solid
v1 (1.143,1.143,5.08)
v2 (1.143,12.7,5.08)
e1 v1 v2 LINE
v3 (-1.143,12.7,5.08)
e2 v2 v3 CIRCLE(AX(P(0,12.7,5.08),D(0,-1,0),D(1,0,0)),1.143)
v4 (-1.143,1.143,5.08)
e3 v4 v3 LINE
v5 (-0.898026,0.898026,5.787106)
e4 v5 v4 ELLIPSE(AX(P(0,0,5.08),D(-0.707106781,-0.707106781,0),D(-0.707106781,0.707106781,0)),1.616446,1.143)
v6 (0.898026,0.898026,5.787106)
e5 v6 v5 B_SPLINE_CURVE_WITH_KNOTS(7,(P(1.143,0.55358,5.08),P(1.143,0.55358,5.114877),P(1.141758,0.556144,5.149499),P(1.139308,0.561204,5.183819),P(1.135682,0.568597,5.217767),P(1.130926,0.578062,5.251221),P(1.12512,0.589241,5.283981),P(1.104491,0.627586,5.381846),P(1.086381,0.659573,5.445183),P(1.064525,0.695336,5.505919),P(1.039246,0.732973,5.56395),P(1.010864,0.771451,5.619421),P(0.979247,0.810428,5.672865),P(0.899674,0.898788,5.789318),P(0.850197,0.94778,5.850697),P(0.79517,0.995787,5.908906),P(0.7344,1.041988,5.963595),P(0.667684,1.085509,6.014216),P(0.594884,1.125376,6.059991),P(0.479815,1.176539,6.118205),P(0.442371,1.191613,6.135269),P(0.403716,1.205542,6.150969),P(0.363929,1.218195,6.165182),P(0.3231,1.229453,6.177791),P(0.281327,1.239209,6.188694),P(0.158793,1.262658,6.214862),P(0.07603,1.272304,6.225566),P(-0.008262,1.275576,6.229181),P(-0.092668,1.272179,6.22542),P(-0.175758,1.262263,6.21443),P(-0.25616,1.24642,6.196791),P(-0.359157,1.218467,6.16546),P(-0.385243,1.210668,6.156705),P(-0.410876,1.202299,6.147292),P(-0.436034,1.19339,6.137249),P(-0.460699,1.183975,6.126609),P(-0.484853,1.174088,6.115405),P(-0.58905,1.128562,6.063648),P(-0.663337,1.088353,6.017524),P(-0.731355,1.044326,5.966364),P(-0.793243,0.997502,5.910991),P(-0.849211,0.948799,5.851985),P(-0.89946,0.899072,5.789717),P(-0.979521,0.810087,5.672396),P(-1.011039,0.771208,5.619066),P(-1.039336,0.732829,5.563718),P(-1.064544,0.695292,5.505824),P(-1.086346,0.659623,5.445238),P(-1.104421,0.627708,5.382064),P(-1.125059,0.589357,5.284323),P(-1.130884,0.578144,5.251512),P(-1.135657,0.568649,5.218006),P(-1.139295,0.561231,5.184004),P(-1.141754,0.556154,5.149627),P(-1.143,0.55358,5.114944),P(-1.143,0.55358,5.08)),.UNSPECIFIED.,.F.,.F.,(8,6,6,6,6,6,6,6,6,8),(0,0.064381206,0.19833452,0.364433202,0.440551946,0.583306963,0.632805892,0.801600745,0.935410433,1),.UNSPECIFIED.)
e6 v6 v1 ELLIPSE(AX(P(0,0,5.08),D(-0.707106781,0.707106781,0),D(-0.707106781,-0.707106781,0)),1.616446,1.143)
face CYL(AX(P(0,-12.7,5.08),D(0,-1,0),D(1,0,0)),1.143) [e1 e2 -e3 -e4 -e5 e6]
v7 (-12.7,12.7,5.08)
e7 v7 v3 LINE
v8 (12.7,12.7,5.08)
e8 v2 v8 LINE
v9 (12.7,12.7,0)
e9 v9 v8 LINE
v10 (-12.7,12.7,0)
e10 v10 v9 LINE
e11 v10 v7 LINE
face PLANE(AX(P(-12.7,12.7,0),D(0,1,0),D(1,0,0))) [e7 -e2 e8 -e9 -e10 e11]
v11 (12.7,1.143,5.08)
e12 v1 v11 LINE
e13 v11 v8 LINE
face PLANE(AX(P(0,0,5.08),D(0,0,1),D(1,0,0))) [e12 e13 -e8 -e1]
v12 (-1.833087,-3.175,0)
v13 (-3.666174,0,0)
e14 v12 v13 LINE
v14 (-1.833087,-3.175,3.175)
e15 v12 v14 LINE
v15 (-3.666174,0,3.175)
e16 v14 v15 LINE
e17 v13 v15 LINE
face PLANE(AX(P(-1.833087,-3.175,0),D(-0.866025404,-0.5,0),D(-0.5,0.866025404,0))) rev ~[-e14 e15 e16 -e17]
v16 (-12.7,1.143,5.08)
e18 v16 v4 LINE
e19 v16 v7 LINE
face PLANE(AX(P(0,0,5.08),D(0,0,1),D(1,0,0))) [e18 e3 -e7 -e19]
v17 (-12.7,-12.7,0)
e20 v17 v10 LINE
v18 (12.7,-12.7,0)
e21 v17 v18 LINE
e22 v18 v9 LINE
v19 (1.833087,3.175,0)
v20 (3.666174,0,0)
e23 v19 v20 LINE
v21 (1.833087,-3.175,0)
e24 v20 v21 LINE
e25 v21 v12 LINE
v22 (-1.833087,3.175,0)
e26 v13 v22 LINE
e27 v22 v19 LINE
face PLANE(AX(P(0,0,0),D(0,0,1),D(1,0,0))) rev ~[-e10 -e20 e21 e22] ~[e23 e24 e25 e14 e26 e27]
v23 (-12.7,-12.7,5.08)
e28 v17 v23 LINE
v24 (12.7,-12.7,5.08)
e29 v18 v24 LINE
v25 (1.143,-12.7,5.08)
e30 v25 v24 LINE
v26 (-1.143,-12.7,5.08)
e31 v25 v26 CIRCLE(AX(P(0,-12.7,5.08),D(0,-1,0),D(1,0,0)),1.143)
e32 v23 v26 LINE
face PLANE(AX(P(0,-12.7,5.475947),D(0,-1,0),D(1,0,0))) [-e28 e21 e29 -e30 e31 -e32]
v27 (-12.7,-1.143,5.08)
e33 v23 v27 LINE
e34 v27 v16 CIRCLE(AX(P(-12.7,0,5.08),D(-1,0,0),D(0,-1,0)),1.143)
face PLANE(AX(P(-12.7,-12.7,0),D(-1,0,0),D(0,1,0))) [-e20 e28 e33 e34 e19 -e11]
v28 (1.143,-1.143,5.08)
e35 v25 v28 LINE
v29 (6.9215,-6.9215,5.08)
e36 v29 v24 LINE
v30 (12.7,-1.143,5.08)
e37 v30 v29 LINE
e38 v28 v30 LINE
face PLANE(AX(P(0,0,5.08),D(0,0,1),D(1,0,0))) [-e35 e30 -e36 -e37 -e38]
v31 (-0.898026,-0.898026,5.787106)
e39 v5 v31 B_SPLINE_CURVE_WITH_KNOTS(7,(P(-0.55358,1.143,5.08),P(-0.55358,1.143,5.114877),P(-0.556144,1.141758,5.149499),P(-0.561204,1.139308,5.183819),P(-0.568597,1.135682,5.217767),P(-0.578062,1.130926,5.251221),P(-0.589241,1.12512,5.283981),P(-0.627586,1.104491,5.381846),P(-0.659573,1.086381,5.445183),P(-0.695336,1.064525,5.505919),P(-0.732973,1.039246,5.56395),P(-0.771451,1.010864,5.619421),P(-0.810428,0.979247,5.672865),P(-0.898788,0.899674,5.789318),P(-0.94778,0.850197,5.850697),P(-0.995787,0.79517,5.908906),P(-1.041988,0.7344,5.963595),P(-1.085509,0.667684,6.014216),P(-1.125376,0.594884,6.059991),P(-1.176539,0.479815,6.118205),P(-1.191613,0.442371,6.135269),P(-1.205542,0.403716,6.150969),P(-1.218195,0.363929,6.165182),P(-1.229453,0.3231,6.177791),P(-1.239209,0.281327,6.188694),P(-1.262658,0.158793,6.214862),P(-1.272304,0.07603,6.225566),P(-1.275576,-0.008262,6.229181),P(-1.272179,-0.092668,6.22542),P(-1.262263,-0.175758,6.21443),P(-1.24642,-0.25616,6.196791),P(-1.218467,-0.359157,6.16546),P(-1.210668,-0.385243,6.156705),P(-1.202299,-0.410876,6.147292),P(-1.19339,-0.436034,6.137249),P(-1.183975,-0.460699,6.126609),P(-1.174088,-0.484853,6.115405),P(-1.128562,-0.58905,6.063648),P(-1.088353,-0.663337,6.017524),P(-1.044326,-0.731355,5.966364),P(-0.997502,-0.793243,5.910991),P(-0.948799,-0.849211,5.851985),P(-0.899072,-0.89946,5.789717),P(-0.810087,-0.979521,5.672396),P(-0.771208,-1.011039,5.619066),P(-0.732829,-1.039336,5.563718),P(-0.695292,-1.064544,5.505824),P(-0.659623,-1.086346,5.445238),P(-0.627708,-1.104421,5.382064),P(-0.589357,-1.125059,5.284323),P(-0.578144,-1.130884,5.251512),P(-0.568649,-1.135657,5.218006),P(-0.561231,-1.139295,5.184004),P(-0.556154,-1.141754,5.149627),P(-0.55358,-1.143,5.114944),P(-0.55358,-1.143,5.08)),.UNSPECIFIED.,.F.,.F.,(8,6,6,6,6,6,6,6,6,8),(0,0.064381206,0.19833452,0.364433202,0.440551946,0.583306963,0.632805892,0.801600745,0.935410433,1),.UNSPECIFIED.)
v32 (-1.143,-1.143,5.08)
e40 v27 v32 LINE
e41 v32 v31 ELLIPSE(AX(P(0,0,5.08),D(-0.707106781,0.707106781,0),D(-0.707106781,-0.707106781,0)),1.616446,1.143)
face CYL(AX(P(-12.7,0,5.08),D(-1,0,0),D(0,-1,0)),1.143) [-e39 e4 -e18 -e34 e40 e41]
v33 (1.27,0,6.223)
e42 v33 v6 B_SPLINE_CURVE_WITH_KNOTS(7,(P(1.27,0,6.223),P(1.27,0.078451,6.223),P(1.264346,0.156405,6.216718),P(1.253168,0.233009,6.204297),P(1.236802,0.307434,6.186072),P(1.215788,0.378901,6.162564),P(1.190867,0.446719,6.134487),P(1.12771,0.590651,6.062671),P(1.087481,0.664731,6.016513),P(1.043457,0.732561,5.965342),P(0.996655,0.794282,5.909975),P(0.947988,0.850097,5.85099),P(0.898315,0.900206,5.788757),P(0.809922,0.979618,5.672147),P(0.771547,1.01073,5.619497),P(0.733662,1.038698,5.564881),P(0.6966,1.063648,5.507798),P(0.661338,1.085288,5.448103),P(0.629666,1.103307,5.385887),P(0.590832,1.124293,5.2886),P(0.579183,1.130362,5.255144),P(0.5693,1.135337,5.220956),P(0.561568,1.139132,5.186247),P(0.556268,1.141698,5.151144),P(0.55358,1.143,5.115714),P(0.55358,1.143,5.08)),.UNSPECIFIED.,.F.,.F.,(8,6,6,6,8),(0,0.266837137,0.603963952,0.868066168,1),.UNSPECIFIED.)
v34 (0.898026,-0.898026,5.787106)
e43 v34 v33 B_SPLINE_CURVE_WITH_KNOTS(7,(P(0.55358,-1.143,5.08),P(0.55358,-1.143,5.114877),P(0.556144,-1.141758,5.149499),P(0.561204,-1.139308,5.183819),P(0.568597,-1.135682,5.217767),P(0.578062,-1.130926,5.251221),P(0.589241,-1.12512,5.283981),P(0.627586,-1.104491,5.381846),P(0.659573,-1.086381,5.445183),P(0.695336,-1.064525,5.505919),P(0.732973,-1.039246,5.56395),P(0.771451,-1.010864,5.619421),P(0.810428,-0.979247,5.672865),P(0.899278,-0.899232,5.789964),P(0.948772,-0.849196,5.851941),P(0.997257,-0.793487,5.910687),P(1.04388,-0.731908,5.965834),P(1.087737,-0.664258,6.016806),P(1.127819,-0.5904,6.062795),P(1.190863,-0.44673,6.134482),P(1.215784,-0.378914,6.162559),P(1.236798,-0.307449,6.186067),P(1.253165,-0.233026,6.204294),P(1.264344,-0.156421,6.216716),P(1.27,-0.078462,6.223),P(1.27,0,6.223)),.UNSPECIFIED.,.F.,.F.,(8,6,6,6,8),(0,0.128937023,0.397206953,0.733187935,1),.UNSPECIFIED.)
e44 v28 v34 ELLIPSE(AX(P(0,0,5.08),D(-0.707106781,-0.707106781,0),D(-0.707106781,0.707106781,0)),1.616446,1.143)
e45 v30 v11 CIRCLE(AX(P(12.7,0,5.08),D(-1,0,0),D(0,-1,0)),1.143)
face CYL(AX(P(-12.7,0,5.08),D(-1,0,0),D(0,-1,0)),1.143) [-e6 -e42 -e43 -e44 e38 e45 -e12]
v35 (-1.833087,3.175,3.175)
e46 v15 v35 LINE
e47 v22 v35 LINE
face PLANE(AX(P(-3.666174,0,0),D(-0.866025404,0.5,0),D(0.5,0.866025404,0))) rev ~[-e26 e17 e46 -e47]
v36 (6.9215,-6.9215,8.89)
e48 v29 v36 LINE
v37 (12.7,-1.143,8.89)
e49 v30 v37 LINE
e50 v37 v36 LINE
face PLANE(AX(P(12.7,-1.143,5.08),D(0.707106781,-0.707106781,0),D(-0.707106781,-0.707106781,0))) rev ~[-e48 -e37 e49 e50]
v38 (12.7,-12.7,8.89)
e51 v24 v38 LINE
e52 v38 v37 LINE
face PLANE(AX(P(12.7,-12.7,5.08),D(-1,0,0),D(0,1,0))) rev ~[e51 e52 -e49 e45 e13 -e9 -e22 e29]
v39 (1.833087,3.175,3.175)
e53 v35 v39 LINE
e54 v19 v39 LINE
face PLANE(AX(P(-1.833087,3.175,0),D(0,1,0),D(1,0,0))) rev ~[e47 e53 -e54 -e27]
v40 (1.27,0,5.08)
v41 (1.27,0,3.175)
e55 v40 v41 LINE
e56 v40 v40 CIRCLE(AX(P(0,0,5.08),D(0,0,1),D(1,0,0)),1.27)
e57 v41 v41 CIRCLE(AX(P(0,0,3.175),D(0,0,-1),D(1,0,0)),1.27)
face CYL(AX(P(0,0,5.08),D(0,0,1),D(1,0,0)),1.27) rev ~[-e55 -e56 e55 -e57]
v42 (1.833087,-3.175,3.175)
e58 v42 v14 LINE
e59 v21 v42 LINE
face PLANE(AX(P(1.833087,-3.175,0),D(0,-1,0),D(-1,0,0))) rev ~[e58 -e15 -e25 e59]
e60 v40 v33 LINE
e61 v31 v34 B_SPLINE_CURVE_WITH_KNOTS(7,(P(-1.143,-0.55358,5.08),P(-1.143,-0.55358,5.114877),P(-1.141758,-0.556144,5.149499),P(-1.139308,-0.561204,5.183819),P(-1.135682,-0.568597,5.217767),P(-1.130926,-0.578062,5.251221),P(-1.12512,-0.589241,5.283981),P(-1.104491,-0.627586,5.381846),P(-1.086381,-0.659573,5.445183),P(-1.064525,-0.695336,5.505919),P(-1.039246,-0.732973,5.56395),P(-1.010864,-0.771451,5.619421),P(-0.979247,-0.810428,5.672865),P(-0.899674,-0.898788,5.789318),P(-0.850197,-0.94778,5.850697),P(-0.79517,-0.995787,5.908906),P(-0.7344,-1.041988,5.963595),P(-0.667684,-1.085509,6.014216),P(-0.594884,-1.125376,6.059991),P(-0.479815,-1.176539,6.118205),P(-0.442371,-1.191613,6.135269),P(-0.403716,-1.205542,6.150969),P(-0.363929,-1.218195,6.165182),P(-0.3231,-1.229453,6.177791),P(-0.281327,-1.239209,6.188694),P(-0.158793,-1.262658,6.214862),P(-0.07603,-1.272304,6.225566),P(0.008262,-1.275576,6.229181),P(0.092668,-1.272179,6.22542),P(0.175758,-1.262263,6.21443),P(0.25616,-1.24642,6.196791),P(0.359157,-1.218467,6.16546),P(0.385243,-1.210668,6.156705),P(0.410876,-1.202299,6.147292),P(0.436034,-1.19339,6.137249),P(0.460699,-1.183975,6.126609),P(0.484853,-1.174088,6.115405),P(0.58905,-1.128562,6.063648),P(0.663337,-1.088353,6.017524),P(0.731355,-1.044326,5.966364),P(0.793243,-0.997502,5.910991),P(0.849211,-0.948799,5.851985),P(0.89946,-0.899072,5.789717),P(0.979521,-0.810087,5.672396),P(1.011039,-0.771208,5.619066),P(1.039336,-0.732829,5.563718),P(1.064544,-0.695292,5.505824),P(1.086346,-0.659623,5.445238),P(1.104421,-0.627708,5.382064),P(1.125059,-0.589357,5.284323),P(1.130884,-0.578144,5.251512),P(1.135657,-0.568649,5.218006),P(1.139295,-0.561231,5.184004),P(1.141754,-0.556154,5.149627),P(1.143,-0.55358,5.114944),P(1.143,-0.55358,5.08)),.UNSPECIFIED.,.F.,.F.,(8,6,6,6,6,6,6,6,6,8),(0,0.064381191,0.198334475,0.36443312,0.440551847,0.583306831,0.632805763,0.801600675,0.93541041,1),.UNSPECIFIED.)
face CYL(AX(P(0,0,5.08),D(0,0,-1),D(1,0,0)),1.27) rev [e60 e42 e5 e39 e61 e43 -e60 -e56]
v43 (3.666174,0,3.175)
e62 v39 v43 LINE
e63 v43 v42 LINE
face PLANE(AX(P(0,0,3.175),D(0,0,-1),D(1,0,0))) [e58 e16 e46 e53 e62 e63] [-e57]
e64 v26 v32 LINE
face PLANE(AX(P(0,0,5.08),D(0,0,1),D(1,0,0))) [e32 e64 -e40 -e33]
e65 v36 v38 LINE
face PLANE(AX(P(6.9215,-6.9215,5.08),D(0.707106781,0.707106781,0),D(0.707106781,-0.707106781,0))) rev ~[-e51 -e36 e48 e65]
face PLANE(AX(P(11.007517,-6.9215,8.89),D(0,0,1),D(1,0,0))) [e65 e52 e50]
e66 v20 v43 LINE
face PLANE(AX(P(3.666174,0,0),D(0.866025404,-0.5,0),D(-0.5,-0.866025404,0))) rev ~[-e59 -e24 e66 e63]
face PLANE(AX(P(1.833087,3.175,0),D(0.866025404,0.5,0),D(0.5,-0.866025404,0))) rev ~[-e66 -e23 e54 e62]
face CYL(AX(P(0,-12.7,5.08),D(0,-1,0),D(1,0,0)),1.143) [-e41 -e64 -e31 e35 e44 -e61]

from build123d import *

# Parameters (mm, degrees)
F0_W          = 25.4
F0_H          = 25.4
F1_DEPTH      = 5.08
F3_DEPTH      = 25.4
F5_DEPTH      = 25.4
F6_R          = 1.27
F7_DEPTH      = 25.4
F7_DEPTH_BACK = 25.4
F9_DEPTH      = 3.81
F10_R         = 1.27
F11_DEPTH     = 3.175


with BuildPart() as f1:
    # F0 (on Top) → F1 (new body)
    with BuildSketch(Plane.XY):
        Rectangle(F0_W, F0_H)
    extrude(amount=F1_DEPTH)

    # F2 (on face) → F3 (join)
    with BuildSketch(Plane(origin=(-12.7, 0, 0), x_dir=(0, -1, 0), z_dir=(-1, 0, 0))):
        with BuildLine():
            Line((-1.143, 5.08), (1.143, 5.08))
            ThreePointArc((1.143, 5.08), (0, 6.223), (-1.143, 5.08))
        make_face()
    extrude(amount=-F3_DEPTH)

    # F4 (on face) → F5 (join)
    with BuildSketch(Plane.XZ.offset(12.7)):
        with BuildLine():
            Line((-1.143, 5.08), (1.143, 5.08))
            ThreePointArc((1.143, 5.08), (0, 6.223), (-1.143, 5.08))
        make_face()
    extrude(amount=-F5_DEPTH)

    # F6 (on face) → F7 (cut, two sides)
    with BuildSketch(Plane.XY.offset(5.08)) as f7_sk:
        Circle(F6_R)
    extrude(amount=-F7_DEPTH, mode=Mode.SUBTRACT)
    extrude(f7_sk.sketch, amount=F7_DEPTH_BACK, mode=Mode.SUBTRACT)

    # F8 (on face) → F9 (join)
    with BuildSketch(Plane.XY.offset(5.08)):
        Polygon((12.7, -1.143), (6.9215, -6.9215), (12.7, -12.7), align=None)
    extrude(amount=F9_DEPTH)

    # F10 (on face) → F11 (cut)
    with BuildSketch(Plane(origin=(0, 0, 0), x_dir=(1, 0, 0), z_dir=(0, 0, -1))):
        Polygon((-1.8330871047, -3.175), (1.8330871047, -3.175), (3.6661742094, 0), (1.8330871047, 3.175), (-1.8330871047, 3.175), (-3.6661742094, 0), align=None)
        Circle(F10_R, mode=Mode.SUBTRACT)
    extrude(amount=-F11_DEPTH, mode=Mode.SUBTRACT)


solid = f1.part
